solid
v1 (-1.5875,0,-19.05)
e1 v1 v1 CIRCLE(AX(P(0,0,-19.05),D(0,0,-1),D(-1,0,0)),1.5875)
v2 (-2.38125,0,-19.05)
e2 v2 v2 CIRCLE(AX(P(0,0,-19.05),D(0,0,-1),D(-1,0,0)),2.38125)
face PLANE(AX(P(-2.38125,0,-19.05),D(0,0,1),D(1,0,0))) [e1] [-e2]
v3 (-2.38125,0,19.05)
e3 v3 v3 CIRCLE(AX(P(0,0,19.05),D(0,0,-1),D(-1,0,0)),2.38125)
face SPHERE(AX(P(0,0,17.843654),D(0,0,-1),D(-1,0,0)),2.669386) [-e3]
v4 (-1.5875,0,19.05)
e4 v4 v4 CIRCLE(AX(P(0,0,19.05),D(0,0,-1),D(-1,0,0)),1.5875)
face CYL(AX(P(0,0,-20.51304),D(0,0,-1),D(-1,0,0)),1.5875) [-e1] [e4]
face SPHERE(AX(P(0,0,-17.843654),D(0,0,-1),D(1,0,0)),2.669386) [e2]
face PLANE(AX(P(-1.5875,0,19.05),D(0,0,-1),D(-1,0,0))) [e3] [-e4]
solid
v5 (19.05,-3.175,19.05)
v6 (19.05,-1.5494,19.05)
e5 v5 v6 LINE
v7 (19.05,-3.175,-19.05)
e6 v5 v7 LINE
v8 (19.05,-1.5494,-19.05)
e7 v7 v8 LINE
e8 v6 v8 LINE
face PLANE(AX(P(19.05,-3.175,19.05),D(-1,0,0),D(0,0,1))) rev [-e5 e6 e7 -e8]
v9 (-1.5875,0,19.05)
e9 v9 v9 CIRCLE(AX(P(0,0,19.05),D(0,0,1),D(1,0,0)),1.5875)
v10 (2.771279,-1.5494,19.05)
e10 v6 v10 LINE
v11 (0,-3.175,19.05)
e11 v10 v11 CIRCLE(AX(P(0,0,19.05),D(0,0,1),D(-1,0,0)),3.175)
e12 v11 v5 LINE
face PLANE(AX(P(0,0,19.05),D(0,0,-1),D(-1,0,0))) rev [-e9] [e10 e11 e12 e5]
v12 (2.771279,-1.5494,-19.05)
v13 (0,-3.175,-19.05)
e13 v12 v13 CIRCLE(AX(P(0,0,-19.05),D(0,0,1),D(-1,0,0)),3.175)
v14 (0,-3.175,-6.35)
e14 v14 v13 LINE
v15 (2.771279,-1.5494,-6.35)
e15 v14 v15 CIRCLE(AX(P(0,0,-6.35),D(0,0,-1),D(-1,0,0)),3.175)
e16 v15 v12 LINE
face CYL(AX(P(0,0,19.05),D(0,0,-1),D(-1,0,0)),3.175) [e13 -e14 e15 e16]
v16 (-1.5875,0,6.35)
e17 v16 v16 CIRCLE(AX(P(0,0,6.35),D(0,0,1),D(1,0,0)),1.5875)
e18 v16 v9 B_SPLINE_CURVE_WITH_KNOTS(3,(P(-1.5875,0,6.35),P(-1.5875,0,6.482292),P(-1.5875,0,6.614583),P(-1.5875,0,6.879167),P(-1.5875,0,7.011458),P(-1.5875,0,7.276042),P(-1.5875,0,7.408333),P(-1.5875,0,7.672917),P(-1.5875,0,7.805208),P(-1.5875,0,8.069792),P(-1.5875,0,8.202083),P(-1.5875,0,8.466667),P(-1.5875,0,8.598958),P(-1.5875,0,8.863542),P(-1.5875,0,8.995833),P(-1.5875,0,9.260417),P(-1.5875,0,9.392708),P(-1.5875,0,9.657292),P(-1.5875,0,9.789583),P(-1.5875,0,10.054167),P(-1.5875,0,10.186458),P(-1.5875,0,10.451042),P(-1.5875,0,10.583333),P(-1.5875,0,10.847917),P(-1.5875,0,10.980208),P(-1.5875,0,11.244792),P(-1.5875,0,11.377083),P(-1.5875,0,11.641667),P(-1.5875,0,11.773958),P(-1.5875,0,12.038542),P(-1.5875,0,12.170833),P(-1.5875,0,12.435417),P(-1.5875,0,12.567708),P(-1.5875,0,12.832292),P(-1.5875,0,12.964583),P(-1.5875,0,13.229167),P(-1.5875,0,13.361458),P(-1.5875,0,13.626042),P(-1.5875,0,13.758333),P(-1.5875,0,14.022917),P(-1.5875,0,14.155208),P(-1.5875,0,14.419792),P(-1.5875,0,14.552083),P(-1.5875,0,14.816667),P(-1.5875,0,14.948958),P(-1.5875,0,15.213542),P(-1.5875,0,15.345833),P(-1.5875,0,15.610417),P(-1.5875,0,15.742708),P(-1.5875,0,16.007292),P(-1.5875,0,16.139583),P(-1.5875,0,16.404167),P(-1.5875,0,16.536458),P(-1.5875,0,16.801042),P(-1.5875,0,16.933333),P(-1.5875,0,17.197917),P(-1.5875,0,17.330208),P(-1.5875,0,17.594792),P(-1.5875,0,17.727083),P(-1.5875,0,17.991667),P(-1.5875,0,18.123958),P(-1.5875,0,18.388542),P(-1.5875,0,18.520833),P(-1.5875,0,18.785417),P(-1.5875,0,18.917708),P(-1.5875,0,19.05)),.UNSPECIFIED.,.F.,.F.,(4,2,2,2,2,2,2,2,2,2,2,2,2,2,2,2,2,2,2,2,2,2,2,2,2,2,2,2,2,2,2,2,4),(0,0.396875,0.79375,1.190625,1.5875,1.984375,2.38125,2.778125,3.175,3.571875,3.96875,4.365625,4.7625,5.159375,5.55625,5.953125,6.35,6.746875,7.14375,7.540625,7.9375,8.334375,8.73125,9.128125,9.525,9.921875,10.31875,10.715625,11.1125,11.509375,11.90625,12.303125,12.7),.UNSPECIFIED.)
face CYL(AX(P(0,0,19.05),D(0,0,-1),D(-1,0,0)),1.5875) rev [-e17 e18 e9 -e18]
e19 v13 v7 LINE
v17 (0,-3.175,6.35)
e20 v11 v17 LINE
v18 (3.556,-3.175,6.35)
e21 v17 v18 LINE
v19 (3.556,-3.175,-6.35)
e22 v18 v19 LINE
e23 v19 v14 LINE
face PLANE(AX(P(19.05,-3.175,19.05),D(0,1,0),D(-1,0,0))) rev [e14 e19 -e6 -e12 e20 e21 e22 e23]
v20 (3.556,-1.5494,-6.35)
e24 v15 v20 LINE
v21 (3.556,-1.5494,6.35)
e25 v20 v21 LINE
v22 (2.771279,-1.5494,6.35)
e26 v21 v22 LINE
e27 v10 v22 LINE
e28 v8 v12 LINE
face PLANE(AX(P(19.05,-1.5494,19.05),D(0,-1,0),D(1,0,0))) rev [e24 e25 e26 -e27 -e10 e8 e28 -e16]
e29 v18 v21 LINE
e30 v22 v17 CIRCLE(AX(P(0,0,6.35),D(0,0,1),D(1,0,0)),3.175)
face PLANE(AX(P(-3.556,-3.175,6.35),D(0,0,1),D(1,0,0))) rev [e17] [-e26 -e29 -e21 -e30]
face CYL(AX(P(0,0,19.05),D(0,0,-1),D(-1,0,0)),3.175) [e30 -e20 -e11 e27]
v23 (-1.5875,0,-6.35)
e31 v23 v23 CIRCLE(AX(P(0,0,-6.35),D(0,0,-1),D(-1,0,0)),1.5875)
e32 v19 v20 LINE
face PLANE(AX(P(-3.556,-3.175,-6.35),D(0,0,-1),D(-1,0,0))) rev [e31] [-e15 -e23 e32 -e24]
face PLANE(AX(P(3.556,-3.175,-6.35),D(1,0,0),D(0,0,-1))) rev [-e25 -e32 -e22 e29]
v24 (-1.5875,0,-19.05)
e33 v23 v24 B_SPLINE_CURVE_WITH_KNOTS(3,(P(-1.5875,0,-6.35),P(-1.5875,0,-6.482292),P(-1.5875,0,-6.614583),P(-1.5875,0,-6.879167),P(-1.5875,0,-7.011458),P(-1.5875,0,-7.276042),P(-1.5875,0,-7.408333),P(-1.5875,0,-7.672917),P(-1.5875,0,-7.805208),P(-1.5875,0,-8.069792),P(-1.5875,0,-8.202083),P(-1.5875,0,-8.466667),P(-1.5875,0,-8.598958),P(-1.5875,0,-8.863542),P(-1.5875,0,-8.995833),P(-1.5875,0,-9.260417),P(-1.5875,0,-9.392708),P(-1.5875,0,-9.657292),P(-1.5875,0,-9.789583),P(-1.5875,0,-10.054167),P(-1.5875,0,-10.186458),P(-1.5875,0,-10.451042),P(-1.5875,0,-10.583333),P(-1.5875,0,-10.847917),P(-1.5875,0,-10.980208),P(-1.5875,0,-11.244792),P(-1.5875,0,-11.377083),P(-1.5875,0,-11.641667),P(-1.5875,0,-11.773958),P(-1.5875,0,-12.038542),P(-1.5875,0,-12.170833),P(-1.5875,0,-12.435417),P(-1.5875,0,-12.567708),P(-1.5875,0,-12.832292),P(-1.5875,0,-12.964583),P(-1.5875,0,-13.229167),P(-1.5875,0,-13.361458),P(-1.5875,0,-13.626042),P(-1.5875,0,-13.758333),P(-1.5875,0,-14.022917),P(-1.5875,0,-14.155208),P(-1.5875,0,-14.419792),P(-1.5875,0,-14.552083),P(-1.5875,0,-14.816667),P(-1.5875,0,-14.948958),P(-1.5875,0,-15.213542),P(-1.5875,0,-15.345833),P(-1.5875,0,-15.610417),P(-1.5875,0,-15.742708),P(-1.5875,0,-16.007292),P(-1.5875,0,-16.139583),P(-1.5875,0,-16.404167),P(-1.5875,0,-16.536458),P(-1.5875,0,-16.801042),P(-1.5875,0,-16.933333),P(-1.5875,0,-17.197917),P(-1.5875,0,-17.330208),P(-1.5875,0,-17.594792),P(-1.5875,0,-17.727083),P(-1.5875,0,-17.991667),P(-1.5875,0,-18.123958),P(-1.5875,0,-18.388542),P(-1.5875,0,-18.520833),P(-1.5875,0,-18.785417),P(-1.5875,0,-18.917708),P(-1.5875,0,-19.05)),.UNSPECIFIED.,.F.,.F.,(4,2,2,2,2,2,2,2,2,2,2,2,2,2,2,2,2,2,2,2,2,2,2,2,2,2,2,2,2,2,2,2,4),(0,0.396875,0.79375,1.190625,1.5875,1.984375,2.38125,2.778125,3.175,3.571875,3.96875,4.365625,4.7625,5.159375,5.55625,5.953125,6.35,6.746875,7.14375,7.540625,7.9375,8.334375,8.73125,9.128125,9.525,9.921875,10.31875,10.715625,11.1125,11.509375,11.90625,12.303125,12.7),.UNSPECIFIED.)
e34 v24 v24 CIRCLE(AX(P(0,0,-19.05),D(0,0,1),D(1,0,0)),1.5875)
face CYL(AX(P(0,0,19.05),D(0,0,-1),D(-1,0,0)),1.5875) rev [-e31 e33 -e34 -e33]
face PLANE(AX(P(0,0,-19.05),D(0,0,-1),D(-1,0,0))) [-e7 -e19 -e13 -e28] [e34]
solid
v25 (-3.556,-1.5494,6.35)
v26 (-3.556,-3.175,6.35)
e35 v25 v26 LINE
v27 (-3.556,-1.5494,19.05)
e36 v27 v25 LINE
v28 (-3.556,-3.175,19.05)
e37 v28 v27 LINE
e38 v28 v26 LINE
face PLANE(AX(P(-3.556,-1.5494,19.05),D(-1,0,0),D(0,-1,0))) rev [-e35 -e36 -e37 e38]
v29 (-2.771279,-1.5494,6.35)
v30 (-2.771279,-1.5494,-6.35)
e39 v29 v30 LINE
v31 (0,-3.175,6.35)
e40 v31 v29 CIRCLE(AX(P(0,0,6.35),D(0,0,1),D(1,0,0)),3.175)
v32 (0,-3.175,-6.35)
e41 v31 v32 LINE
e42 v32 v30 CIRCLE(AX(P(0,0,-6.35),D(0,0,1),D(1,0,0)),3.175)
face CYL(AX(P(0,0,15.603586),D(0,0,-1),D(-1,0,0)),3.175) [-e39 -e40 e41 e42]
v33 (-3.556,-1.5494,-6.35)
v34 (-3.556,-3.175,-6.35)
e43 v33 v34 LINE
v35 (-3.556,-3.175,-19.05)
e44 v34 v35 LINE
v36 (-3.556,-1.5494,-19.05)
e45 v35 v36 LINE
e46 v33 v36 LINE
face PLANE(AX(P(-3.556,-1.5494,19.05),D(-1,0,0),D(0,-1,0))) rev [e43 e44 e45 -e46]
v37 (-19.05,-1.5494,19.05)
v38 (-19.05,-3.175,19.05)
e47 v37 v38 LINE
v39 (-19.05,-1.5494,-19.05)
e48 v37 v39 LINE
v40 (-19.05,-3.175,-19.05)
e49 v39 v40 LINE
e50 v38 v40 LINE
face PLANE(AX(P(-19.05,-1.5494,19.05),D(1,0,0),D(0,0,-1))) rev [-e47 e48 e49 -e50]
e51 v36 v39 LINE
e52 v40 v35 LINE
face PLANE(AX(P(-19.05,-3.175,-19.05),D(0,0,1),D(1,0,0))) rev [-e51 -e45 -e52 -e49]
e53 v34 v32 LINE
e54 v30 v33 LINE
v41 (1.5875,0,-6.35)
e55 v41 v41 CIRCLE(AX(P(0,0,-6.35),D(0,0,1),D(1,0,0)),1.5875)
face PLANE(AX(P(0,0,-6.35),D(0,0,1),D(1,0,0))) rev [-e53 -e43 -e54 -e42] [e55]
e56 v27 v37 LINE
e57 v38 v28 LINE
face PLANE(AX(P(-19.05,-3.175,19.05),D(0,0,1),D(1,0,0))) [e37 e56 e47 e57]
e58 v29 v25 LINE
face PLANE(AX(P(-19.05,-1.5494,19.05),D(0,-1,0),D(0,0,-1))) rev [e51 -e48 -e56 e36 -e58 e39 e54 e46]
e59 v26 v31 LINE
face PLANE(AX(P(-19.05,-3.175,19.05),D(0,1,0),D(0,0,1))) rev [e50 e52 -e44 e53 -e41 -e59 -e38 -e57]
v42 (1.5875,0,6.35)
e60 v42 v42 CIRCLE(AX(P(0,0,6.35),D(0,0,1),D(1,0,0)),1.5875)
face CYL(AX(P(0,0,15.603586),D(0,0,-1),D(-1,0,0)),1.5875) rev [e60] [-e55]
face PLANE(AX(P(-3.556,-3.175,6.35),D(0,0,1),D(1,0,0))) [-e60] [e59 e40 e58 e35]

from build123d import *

# Parameters (mm, degrees)
SKETCH1_R           = 1.5875
EXTRUDE1_DEPTH      = 19.05
SKETCH1_W           = 15.494
SKETCH1_H           = 1.6256
EXTRUDE1_2_DEPTH    = 19.05
EXTRUDE4_DEPTH      = 29.173887468
EXTRUDE4_DEPTH_BACK = 29.173887468
SKETCH8_W           = 7.112
SKETCH8_H           = 12.7
SKETCH9_R           = 1.5875
EXTRUDE5_DEPTH      = 12.7


with BuildPart() as part:
    # Sketch1 → Extrude1 (new, symmetric)
    with BuildSketch(Plane.XY):
        with BuildLine():
            Line((19.05, -3.175), (0, -3.175))
            ThreePointArc((0, -3.175), (-1.606437051, 2.738610049), (2.771278521, -1.5494))
            Line((2.771278521, -1.5494), (19.05, -1.5494))
            Line((19.05, -1.5494), (19.05, -3.175))
        make_face()
        with Locations(Location((0, 0, 0), (0, 0, 180))):
            Circle(SKETCH1_R, mode=Mode.SUBTRACT)
    extrude(amount=EXTRUDE1_DEPTH, both=True)

    # Sketch8 → Extrude4 (cut, two sides: drawn at the far end of the back side and taken through both)
    with BuildSketch(Plane(origin=(0, 0, 0), x_dir=(1, 0, 0), z_dir=(0, 1, 0)).offset(-EXTRUDE4_DEPTH_BACK)):
        Rectangle(SKETCH8_W, SKETCH8_H)
    extrude(amount=EXTRUDE4_DEPTH + EXTRUDE4_DEPTH_BACK, mode=Mode.SUBTRACT)


with BuildPart() as body_2:
    # Sketch1 → Extrude1 2 (new, symmetric)
    with BuildSketch(Plane.XY):
        with Locations((-11.303, -2.3622)):
            Rectangle(SKETCH1_W, SKETCH1_H)
    extrude(amount=EXTRUDE1_2_DEPTH, both=True)

    # Sketch9 → Extrude5 (add)
    with BuildSketch(Plane.XY.offset(-6.35)):
        with BuildLine():
            Line((-2.771278521, -1.5494), (-3.556, -1.5494))
            Line((-3.556, -1.5494), (-3.556, -3.175))
            Line((-3.556, -3.175), (0, -3.175))
            ThreePointArc((0, -3.175), (1.606437051, 2.738610049), (-2.771278521, -1.5494))
        make_face()
        with Locations(Location((0, 0, 0), (0, 0, 180))):
            Circle(SKETCH9_R, mode=Mode.SUBTRACT)
    extrude(amount=EXTRUDE5_DEPTH)


with BuildPart() as body_3:
    # Sketch6 → Revolve1 (revolve)
    with BuildSketch(Plane(origin=(0, 0, 0), x_dir=(1, 0, 0), z_dir=(0, 1, 0)), mode=Mode.PRIVATE) as revolve1_sk:
        with BuildLine():
            Line((-2.38125, 19.05), (-1.5875, 19.05))
            Line((-1.5875, 19.05), (-1.5875, -19.05))
            Line((-1.5875, -19.05), (-2.38125, -19.05))
            ThreePointArc((-2.38125, -19.05), (-1.397393789, -20.118057742), (0, -20.51304))
            Line((0, -20.51304), (0, 20.51304))
            ThreePointArc((0, 20.51304), (-1.397393789, 20.118057742), (-2.38125, 19.05))
        make_face()
    revolve(revolve1_sk.sketch.rotate(Axis((0, 0, -20.51304), (0, 0, 1)), 180), axis=Axis((0, 0, -20.51304), (0, 0, 1)))


solid = Compound([part.part, body_2.part, body_3.part])
